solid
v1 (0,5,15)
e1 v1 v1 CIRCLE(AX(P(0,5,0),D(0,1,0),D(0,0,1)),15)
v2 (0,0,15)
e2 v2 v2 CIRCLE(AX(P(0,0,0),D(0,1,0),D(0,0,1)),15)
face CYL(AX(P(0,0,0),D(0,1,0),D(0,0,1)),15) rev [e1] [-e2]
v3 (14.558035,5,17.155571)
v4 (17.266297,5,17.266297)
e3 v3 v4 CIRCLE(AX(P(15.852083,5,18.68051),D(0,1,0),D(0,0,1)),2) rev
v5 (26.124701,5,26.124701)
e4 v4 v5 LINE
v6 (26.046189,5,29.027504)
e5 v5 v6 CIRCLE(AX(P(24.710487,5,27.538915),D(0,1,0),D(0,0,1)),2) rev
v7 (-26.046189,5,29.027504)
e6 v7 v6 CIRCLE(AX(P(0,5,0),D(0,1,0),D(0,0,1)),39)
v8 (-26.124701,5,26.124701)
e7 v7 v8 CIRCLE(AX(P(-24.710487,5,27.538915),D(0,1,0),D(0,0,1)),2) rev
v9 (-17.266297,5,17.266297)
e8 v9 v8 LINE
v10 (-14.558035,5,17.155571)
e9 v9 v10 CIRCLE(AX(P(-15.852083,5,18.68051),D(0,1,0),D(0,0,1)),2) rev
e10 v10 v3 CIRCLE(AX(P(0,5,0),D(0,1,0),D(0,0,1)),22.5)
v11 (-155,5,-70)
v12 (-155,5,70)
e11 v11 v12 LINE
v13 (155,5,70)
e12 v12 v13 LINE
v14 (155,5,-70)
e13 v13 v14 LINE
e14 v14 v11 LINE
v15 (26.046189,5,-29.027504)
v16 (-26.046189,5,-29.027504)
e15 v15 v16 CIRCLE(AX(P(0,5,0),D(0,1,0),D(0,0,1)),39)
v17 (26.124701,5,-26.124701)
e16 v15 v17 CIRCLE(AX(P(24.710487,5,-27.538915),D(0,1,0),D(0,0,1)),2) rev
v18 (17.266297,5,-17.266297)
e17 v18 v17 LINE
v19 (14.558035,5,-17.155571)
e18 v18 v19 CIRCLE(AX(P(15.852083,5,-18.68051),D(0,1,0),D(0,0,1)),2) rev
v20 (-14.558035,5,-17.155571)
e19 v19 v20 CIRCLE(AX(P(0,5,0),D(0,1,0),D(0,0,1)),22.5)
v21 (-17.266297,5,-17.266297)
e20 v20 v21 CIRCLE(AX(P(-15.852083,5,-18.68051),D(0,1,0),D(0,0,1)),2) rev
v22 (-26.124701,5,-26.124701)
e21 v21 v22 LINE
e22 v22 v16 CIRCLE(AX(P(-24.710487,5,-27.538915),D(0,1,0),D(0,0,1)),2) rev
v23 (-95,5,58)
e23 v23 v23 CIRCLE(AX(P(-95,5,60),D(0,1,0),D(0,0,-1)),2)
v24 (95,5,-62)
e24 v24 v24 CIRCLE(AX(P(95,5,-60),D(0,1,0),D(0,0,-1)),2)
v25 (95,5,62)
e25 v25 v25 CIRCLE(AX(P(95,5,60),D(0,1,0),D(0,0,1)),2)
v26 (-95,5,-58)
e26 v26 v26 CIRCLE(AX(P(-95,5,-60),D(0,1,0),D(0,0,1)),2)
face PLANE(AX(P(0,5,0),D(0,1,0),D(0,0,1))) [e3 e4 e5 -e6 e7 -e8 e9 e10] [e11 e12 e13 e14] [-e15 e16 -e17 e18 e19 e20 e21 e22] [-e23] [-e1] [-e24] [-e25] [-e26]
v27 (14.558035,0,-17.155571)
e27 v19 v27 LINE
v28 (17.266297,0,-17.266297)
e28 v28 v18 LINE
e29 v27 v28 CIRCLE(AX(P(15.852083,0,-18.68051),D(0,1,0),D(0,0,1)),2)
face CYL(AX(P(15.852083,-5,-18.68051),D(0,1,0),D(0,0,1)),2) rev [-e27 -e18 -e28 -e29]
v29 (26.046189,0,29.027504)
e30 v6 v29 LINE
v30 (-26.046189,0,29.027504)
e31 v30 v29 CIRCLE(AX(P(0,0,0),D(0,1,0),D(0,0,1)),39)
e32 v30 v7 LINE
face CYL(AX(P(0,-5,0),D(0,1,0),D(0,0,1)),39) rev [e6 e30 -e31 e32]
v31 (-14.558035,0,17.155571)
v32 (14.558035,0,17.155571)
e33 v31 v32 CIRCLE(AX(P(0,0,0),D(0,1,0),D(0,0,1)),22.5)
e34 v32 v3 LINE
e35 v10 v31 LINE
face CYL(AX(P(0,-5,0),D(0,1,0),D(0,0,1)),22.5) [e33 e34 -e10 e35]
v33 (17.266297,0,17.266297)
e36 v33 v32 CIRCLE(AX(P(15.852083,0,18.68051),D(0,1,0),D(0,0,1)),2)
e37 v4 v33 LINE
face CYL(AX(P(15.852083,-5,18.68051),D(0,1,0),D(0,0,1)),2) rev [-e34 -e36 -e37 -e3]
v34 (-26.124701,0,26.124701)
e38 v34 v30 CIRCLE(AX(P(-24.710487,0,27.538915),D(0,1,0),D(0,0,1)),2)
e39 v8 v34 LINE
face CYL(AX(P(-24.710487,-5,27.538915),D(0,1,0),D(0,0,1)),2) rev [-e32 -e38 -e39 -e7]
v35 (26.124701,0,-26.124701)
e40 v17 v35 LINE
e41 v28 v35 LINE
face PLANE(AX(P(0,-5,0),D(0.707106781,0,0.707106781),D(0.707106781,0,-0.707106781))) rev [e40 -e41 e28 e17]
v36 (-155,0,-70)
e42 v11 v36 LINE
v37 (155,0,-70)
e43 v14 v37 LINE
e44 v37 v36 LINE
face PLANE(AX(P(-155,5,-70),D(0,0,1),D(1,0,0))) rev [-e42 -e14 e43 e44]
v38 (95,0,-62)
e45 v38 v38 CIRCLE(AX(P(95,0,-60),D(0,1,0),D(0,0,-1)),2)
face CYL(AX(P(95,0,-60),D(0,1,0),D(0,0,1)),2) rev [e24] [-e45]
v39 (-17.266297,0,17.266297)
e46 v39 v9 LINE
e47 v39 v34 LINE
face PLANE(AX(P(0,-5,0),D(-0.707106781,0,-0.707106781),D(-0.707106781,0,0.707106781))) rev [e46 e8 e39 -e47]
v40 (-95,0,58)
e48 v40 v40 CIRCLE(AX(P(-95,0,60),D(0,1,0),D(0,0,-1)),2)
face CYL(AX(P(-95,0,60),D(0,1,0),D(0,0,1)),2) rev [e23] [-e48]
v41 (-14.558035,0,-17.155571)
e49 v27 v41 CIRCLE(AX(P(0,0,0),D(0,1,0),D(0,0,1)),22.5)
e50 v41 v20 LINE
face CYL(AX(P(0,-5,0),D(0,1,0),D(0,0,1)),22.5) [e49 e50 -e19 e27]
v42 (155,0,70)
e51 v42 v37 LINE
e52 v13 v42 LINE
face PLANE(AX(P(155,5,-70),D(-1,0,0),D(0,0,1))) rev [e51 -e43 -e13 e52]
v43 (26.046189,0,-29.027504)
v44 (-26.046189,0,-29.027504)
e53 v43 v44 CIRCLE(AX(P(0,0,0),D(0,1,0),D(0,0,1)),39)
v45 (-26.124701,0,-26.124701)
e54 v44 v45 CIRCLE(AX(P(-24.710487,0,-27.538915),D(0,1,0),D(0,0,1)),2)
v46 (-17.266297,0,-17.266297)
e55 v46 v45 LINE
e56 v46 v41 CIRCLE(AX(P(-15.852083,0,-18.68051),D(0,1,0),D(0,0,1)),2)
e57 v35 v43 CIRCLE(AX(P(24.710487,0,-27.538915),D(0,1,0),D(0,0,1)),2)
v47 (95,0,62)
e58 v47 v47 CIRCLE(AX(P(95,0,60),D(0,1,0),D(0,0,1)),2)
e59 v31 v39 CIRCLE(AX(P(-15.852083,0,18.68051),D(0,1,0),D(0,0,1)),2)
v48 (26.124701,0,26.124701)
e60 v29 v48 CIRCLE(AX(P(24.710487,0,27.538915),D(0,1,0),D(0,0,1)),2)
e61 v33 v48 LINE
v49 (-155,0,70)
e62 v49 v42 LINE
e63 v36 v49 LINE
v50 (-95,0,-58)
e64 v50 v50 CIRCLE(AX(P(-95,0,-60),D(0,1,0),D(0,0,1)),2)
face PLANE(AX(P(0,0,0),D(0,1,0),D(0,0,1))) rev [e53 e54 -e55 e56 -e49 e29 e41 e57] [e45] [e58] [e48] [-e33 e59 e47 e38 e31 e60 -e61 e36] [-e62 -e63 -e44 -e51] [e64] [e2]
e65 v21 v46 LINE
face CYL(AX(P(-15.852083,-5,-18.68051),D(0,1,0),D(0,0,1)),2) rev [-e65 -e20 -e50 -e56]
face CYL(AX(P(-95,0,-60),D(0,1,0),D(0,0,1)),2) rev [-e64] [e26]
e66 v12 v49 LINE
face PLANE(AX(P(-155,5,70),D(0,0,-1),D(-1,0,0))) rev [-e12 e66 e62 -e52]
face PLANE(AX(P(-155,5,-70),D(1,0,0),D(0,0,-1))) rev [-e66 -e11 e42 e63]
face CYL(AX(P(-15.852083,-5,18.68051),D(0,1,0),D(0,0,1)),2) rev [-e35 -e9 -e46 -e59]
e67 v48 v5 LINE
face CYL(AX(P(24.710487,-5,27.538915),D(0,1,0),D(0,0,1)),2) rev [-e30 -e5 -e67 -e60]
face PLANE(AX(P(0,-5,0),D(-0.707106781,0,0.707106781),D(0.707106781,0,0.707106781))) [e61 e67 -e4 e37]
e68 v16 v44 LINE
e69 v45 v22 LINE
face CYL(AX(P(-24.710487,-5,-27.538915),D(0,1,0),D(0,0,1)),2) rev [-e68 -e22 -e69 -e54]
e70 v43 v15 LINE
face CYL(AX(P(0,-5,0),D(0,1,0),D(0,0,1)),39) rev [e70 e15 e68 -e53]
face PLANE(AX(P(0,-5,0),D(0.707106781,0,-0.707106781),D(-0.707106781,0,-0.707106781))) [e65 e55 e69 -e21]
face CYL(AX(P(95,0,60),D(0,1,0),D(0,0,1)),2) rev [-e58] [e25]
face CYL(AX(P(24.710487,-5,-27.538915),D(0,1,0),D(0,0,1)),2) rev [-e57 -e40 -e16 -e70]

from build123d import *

# Parameters (mm, degrees)
SKETCH2_W           = 310
SKETCH2_H           = 140
BOSS_EXTRUDE1_DEPTH = 5
SKETCH3_R           = 15
CUT_EXTRUDE1_DEPTH  = 171.146995272
SKETCH5_R           = 2
CUT_EXTRUDE2_DEPTH  = 171.146995272
CUT_EXTRUDE3_DEPTH  = 10
FILLET1_R           = 2


with BuildPart() as part:
    # Sketch2 → Boss-Extrude1 (new body)
    with BuildSketch(Plane(origin=(0, 0, 0), x_dir=(1, 0, 0), z_dir=(0, 1, 0))):
        Rectangle(SKETCH2_W, SKETCH2_H)
    extrude(amount=BOSS_EXTRUDE1_DEPTH)

    # Sketch3 → Cut-Extrude1 (cut, through all)
    with BuildSketch(Plane(origin=(0, 5, 0), x_dir=(1, 0, 0), z_dir=(0, 1, 0))):
        with Locations(Location((0, 0, 0), (0, 0, 270))):
            Circle(SKETCH3_R)
    extrude(amount=-CUT_EXTRUDE1_DEPTH, mode=Mode.SUBTRACT)

    # Sketch5 → Cut-Extrude2 (cut, through all)
    with BuildSketch(Plane(origin=(0, 5, 0), x_dir=(1, 0, 0), z_dir=(0, 1, 0))):
        with Locations(Location((-95, 60, 0), (0, 0, 270))):
            Circle(SKETCH5_R)
        with Locations(Location((95, 60, 0), (0, 0, 90))):
            Circle(SKETCH5_R)
        with Locations(Location((95, -60, 0), (0, 0, 270))):
            Circle(SKETCH5_R)
        with Locations(Location((-95, -60, 0), (0, 0, 90))):
            Circle(SKETCH5_R)
    extrude(amount=-CUT_EXTRUDE2_DEPTH, mode=Mode.SUBTRACT)

    # Sketch6 → Cut-Extrude3 (cut)
    with BuildSketch(Plane(origin=(0, 5, 0), x_dir=(1, 0, 0), z_dir=(0, 1, 0))):
        with BuildLine():
            Line((27.577164466, -27.577164466), (15.909902577, -15.909902577))
            ThreePointArc((15.909902577, -15.909902577), (0, -22.5), (-15.909902577, -15.909902577))
            Line((-15.909902577, -15.909902577), (-27.577164466, -27.577164466))
            ThreePointArc((-27.577164466, -27.577164466), (0, -39), (27.577164466, -27.577164466))
        make_face()
        with BuildLine():
            ThreePointArc((-15.909902577, 15.909902577), (0, 22.5), (15.909902577, 15.909902577))
            Line((15.909902577, 15.909902577), (27.577164466, 27.577164466))
            ThreePointArc((27.577164466, 27.577164466), (0, 39), (-27.577164466, 27.577164466))
            Line((-27.577164466, 27.577164466), (-15.909902577, 15.909902577))
        make_face()
    extrude(amount=-CUT_EXTRUDE3_DEPTH, mode=Mode.SUBTRACT)

    # Fillet1
    fillet1_edges = [part.edges().sort_by_distance(p)[0] for p in [
        (-15.909902577, 2.5, 15.909902577),
        (15.909902577, 2.5, 15.909902577),
        (27.577164466, 2.5, 27.577164466),
        (-27.577164466, 2.5, 27.577164466),
        (15.909902577, 2.5, -15.909902577),
        (-15.909902577, 2.5, -15.909902577),
        (-27.577164466, 2.5, -27.577164466),
        (27.577164466, 2.5, -27.577164466),
    ]]
    fillet(fillet1_edges, radius=FILLET1_R)


solid = part.part
